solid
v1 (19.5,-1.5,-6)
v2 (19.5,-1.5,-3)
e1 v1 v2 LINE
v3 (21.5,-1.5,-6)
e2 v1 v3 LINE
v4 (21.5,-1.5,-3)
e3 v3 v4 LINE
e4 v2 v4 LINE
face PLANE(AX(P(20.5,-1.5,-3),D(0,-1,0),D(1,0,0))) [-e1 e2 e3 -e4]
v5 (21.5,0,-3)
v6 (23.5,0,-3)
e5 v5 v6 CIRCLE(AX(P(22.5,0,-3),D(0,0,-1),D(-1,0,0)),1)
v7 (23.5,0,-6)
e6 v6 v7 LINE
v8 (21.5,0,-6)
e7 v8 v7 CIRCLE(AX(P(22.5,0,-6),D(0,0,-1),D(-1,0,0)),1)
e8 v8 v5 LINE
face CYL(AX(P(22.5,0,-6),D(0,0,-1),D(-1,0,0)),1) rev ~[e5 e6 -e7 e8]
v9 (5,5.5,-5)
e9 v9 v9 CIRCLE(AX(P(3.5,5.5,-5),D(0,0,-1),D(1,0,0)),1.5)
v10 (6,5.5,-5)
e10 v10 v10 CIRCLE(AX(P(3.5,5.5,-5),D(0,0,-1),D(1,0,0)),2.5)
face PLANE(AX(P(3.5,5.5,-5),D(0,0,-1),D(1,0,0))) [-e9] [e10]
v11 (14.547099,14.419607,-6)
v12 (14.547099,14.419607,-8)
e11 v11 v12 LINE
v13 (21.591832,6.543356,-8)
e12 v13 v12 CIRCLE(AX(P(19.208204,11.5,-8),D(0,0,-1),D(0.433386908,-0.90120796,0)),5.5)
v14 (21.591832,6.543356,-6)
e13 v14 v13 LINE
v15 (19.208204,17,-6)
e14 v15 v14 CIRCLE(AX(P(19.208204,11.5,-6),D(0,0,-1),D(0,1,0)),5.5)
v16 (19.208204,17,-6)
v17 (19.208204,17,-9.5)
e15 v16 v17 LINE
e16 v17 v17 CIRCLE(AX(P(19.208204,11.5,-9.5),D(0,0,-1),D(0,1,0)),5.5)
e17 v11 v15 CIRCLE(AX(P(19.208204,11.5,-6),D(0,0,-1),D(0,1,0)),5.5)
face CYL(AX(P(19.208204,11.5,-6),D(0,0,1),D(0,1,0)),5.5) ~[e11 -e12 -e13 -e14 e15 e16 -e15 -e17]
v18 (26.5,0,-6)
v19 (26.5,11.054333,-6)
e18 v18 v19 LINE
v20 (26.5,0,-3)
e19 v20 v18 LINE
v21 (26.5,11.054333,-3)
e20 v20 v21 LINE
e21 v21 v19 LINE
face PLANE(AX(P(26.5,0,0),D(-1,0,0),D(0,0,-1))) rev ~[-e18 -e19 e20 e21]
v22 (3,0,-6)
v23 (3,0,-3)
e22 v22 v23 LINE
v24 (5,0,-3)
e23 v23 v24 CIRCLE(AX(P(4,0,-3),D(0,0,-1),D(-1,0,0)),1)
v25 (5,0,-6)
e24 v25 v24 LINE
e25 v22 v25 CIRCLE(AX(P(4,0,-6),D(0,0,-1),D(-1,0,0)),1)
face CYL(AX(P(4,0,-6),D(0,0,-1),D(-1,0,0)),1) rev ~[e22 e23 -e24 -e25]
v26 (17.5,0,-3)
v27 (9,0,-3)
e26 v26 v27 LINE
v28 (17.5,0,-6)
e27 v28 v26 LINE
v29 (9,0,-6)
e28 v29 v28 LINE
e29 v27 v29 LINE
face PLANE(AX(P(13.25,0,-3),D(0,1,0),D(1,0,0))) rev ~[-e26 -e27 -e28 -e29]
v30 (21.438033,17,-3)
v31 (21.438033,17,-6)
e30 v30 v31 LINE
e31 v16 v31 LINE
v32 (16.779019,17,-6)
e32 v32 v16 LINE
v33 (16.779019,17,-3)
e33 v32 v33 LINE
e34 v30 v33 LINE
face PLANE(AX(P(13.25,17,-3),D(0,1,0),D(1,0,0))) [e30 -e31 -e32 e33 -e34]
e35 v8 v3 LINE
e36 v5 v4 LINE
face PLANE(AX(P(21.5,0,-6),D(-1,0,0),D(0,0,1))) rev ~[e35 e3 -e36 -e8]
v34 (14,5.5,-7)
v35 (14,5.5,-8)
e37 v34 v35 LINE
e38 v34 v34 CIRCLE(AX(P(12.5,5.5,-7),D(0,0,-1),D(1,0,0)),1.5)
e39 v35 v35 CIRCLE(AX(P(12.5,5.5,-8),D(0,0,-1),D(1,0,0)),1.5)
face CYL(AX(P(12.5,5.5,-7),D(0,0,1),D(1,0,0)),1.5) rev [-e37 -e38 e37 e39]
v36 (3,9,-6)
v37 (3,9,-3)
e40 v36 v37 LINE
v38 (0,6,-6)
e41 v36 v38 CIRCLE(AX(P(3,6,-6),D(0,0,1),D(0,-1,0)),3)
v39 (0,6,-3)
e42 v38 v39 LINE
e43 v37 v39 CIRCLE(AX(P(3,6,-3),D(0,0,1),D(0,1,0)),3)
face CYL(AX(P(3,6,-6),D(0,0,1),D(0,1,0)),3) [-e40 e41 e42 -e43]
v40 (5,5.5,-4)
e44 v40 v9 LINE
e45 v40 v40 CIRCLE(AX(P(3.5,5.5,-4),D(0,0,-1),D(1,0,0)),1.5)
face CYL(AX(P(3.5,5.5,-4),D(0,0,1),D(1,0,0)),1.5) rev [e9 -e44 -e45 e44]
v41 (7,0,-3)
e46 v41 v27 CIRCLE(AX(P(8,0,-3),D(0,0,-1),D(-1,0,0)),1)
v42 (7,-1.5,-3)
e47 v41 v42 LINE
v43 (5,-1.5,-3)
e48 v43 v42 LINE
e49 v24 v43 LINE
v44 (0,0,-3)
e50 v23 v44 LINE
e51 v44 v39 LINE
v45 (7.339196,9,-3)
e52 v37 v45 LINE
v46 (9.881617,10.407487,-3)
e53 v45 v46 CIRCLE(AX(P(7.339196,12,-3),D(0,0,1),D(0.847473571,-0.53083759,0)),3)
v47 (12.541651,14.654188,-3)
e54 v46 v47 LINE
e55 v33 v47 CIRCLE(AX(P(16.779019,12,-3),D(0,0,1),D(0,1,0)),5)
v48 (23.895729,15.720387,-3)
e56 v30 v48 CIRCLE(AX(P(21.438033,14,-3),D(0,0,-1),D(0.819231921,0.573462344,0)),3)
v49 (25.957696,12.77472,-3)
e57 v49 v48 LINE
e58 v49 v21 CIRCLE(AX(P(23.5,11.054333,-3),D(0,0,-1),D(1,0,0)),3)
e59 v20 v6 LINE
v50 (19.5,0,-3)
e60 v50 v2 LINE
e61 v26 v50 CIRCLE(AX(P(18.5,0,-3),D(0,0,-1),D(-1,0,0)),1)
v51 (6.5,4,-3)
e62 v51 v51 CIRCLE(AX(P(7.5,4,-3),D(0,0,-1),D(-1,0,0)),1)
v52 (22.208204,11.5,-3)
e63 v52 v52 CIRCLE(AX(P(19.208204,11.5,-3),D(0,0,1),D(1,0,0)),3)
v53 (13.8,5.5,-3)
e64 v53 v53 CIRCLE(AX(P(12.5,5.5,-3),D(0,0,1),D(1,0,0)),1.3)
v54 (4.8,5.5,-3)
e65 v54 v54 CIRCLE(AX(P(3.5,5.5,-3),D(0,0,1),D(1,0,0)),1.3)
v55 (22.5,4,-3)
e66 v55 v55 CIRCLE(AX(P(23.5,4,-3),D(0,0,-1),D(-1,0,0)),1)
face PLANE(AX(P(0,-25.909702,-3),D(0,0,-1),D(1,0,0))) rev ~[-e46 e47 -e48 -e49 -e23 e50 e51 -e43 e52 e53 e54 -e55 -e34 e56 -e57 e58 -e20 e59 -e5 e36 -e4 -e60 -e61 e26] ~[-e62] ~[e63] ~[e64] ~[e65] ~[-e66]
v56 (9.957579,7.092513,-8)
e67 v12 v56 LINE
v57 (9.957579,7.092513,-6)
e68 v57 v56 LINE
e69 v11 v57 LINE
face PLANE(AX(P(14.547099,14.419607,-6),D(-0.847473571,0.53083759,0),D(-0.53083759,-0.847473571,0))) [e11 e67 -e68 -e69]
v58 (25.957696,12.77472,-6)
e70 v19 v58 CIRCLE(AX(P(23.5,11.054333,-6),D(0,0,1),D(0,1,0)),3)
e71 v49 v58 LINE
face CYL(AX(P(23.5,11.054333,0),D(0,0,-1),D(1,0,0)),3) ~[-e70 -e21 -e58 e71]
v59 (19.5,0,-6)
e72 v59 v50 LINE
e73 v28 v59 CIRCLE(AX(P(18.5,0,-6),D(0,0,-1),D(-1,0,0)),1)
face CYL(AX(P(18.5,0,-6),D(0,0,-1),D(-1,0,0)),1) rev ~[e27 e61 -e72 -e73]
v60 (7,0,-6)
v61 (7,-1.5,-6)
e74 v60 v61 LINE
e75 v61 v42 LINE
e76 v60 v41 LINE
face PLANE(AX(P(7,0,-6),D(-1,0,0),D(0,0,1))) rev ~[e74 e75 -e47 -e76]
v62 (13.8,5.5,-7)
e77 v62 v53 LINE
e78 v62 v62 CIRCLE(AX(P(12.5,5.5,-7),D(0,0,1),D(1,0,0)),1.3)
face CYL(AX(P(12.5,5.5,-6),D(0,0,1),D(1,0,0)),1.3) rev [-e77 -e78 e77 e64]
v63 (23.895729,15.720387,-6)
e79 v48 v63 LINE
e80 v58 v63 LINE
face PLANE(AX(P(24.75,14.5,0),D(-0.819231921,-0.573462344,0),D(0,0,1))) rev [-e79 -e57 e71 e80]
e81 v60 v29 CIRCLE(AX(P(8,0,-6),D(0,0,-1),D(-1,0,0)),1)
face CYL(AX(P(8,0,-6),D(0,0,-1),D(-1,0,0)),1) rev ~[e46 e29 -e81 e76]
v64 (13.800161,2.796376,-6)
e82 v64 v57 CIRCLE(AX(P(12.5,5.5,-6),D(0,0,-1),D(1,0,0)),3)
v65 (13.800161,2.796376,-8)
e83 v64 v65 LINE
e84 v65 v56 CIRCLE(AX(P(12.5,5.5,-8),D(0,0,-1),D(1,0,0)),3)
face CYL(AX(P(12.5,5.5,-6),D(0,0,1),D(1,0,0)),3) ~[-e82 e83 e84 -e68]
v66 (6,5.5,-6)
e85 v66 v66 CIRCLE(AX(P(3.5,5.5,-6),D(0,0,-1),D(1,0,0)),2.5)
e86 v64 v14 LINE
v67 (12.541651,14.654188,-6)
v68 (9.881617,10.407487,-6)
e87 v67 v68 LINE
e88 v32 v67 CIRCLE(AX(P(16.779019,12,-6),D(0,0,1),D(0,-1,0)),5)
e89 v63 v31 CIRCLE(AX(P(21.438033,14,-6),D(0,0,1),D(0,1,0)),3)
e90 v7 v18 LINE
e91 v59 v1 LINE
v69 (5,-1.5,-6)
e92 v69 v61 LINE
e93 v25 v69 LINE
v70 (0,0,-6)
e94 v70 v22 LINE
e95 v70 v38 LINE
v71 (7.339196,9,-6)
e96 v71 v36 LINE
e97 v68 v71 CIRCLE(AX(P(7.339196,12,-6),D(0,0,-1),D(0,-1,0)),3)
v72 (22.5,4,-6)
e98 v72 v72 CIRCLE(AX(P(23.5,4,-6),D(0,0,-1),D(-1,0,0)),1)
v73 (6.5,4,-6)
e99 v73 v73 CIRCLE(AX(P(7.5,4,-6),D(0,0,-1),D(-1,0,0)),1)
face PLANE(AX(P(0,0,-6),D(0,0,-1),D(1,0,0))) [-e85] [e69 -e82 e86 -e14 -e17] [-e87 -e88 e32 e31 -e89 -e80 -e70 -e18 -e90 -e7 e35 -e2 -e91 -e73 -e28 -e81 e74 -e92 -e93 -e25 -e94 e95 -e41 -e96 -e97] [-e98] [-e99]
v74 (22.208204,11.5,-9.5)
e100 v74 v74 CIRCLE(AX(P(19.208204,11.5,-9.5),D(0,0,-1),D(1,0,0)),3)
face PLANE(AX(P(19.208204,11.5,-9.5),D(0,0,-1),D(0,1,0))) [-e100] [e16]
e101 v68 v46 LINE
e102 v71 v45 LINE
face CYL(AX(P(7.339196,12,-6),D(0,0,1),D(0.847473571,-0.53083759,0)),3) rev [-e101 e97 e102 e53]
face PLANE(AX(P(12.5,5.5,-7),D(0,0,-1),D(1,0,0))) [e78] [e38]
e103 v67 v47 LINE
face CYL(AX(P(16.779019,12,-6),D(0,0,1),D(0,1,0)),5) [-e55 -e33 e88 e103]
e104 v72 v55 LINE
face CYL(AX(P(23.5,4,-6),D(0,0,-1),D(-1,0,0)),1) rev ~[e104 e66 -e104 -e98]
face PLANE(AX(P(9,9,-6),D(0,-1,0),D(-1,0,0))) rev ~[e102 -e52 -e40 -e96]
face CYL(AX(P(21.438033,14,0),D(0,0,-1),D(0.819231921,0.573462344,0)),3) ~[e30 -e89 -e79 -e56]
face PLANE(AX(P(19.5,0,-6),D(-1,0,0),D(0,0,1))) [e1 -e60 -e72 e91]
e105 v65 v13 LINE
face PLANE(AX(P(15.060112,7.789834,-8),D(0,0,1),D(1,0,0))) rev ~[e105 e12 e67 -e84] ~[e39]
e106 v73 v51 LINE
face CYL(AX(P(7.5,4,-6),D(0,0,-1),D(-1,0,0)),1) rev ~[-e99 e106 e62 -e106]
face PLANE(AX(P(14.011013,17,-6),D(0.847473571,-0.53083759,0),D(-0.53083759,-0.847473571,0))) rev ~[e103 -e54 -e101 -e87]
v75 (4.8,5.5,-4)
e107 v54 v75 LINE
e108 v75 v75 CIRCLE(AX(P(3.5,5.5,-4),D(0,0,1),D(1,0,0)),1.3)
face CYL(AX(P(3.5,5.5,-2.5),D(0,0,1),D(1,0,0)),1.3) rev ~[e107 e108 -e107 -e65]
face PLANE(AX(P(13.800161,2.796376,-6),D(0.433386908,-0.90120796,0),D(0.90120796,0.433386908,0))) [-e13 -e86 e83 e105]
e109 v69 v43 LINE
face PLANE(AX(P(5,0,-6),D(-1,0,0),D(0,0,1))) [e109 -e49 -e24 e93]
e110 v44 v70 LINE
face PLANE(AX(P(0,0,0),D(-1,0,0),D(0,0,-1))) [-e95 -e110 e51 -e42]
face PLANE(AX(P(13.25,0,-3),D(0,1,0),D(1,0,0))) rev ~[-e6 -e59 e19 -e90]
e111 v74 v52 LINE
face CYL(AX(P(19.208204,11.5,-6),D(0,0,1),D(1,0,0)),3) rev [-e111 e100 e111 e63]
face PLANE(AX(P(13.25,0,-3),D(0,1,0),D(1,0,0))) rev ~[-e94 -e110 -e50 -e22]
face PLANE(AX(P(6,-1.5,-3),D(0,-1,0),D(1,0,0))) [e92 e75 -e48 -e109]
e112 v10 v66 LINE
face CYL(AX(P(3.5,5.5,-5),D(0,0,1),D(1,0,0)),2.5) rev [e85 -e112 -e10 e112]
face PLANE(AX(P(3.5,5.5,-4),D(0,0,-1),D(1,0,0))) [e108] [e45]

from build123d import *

# Parameters (mm, degrees)
SKETCH1_W                            = 26.5
SKETCH1_H                            = 6
BOSS_EXTRUDE1_DEPTH                  = 17
SKETCH2_R                            = 1.5
CUT_EXTRUDE1_DEPTH                   = 1
SKETCH3_R                            = 1.3
CUT_EXTRUDE2_DEPTH                   = 32.878676259
SKETCH4_R                            = 3
CUT_EXTRUDE3_DEPTH                   = 33.050741021
SKETCH5_R                            = 2.5
CUT_EXTRUDE4_DEPTH                   = 1.5
SKETCH6_R                            = 1.5
CUT_EXTRUDE8_DEPTH                   = 1
SKETCH7_R                            = 1.3
CUT_EXTRUDE9_DEPTH                   = 32.678068123
CUT_EXTRUDE10_START                  = -1
SKETCH8_R                            = 2.5
CUT_EXTRUDE10_DEPTH                  = 1
CUT_EXTRUDE11_START                  = -1
SKETCH9_R                            = 1.5
CUT_EXTRUDE11_DEPTH                  = 1
SKETCH10_R                           = 5.5
SKETCH10_R_2                         = 3
BOSS_EXTRUDE2_DEPTH                  = 3.5
SKETCH11_R                           = 3
SKETCH11_R_2                         = 1.3
BOSS_EXTRUDE4_DEPTH                  = 2
CUT_EXTRUDE12_START                  = -1
SKETCH12_R                           = 1.5
CUT_EXTRUDE12_DEPTH                  = 1
SKETCH17_W                           = 2
SKETCH17_H                           = 6
BOSS_EXTRUDE6_DEPTH                  = 1.5
SKETCH18_R                           = 1
CUT_EXTRUDE17_DEPTH                  = 33.050741021
CHAMFER2_SIZE                        = 5
CHAMFER2_SIZE2                       = 3.5
FILLET11_R                           = 3
BOSS_EXTRUDE7_DEPTH                  = 2
CUT_EXTRUDE19_DEPTH                  = 33.050741021
FILLET13_R                           = 5
FILLET14_R                           = 3
FILLET15_R                           = 3
SKIZZE1_R                            = 1
SCHNITT_LINEAR_AUSTRAGEN1_DEPTH      = 33.050741021
SCHNITT_LINEAR_AUSTRAGEN2_DEPTH      = 31.409702399
SCHNITT_LINEAR_AUSTRAGEN2_DEPTH_BACK = 31.409702399
SKIZZE2_W                            = 26.5
SKIZZE2_H                            = 3


with BuildPart() as part:
    # Sketch1 → Boss-Extrude1 (new body)
    with BuildSketch(Plane(origin=(0, 0, 0), x_dir=(1, 0, 0), z_dir=(0, 1, 0))):
        with Locations((13.25, 3)):
            Rectangle(SKETCH1_W, SKETCH1_H)
    extrude(amount=BOSS_EXTRUDE1_DEPTH)

    # Sketch2 → Cut-Extrude1 (cut)
    with BuildSketch(Plane.XY):
        with Locations((12.5, 5.5)):
            Circle(SKETCH2_R)
    extrude(amount=-CUT_EXTRUDE1_DEPTH, mode=Mode.SUBTRACT)

    # Sketch3 → Cut-Extrude2 (cut, through all)
    with BuildSketch(Plane.XY.offset(-1)):
        with Locations((12.5, 5.5)):
            Circle(SKETCH3_R)
    extrude(amount=-CUT_EXTRUDE2_DEPTH, mode=Mode.SUBTRACT)

    # Sketch4 → Cut-Extrude3 (cut, through all)
    with BuildSketch(Plane.XY):
        with Locations((19.208203932, 11.5)):
            Circle(SKETCH4_R)
    extrude(amount=-CUT_EXTRUDE3_DEPTH, mode=Mode.SUBTRACT)

    # Sketch5 → Cut-Extrude4 (cut)
    with BuildSketch(Plane.XY):
        with Locations((3.5, 5.5)):
            Circle(SKETCH5_R)
    extrude(amount=-CUT_EXTRUDE4_DEPTH, mode=Mode.SUBTRACT)

    # Sketch6 → Cut-Extrude8 (cut)
    with BuildSketch(Plane.XY.offset(-1.5)):
        with Locations((3.5, 5.5)):
            Circle(SKETCH6_R)
    extrude(amount=-CUT_EXTRUDE8_DEPTH, mode=Mode.SUBTRACT)

    # Sketch7 → Cut-Extrude9 (cut, through all)
    with BuildSketch(Plane.XY.offset(-2.5)):
        with Locations((3.5, 5.5)):
            Circle(SKETCH7_R)
    extrude(amount=-CUT_EXTRUDE9_DEPTH, mode=Mode.SUBTRACT)

    # Sketch8 → Cut-Extrude10 (cut)
    with BuildSketch(Plane(origin=(0, 0, -6), x_dir=(-1, 0, 0), z_dir=(0, 0, -1)).offset(CUT_EXTRUDE10_START)):
        with Locations(Location((-3.5, 5.5, 0), (0, 0, 180))):
            Circle(SKETCH8_R)
    extrude(amount=CUT_EXTRUDE10_DEPTH, mode=Mode.SUBTRACT)

    # Sketch9 → Cut-Extrude11 (cut)
    with BuildSketch(Plane(origin=(0, 0, -5), x_dir=(-1, 0, 0), z_dir=(0, 0, -1)).offset(CUT_EXTRUDE11_START)):
        with Locations(Location((-3.5, 5.5, 0), (0, 0, 180))):
            Circle(SKETCH9_R)
    extrude(amount=CUT_EXTRUDE11_DEPTH, mode=Mode.SUBTRACT)

    # Sketch10 → Boss-Extrude2 (add)
    with BuildSketch(Plane(origin=(0, 0, -6), x_dir=(-1, 0, 0), z_dir=(0, 0, -1))):
        with Locations(Location((-19.208203932, 11.5, 0), (0, 0, 90))):
            Circle(SKETCH10_R)
        with Locations(Location((-19.208203932, 11.5, 0), (0, 0, 180))):
            Circle(SKETCH10_R_2, mode=Mode.SUBTRACT)
    extrude(amount=BOSS_EXTRUDE2_DEPTH)

    # Sketch11 → Boss-Extrude4 (add)
    with BuildSketch(Plane(origin=(0, 0, -6), x_dir=(-1, 0, 0), z_dir=(0, 0, -1))):
        with Locations(Location((-12.5, 5.5, 0), (0, 0, 180))):
            Circle(SKETCH11_R)
        with Locations(Location((-12.5, 5.5, 0), (0, 0, 180))):
            Circle(SKETCH11_R_2, mode=Mode.SUBTRACT)
    extrude(amount=BOSS_EXTRUDE4_DEPTH)

    # Sketch12 → Cut-Extrude12 (cut)
    with BuildSketch(Plane(origin=(0, 0, -8), x_dir=(-1, 0, 0), z_dir=(0, 0, -1)).offset(CUT_EXTRUDE12_START)):
        with Locations(Location((-12.5, 5.5, 0), (0, 0, 180))):
            Circle(SKETCH12_R)
    extrude(amount=CUT_EXTRUDE12_DEPTH, mode=Mode.SUBTRACT)

    # Sketch17 → Boss-Extrude6 (add)
    with BuildSketch(Plane.XZ):
        with Locations((6, -3)):
            Rectangle(SKETCH17_W, SKETCH17_H)
        with Locations((20.5, -3)):
            Rectangle(SKETCH17_W, SKETCH17_H)
    extrude(amount=BOSS_EXTRUDE6_DEPTH)

    # Sketch18 → Cut-Extrude17 (cut, through all)
    with BuildSketch(Plane(origin=(0, 0, -6), x_dir=(-1, 0, 0), z_dir=(0, 0, -1))):
        with Locations((-22.5, 0)):
            Circle(SKETCH18_R)
        with Locations((-18.5, 0)):
            Circle(SKETCH18_R)
        with Locations((-8, 0)):
            Circle(SKETCH18_R)
        with Locations((-4, 0)):
            Circle(SKETCH18_R)
    extrude(amount=-CUT_EXTRUDE17_DEPTH, mode=Mode.SUBTRACT)

    # Chamfer2
    chamfer2_edges = [part.edges().sort_by_distance(p)[0] for p in [
        (26.5, 17, -3),
    ]]
    chamfer2_side = [part.faces().sort_by_distance(p)[0] for p in [
        (26.5, 8.5, -3),
    ]]
    chamfer(chamfer2_edges, length=CHAMFER2_SIZE, length2=CHAMFER2_SIZE2, reference=chamfer2_side[0])

    # Fillet11
    fillet11_edges = [part.edges().sort_by_distance(p)[0] for p in [
        (23, 17, -3),
        (26.5, 12, -3),
    ]]
    fillet(fillet11_edges, radius=FILLET11_R)

    # Sketch19 → Boss-Extrude7 (add)
    with BuildSketch(Plane(origin=(0, 0, -6), x_dir=(-1, 0, 0), z_dir=(0, 0, -1))):
        with BuildLine():
            Line((-14.547099294, 14.419606745), (-9.957579288, 7.09251277))
            ThreePointArc((-9.957579288, 7.09251277), (-14.736067977, 7.5), (-13.800160725, 2.796376119))
            Line((-13.800160725, 2.796376119), (-21.591831928, 6.543356218))
            ThreePointArc((-21.591831928, 6.543356218), (-15.108745974, 7.833333333), (-14.547099294, 14.419606745))
        make_face()
    extrude(amount=BOSS_EXTRUDE7_DEPTH)

    # Sketch20 → Cut-Extrude19 (cut, through all)
    with BuildSketch(Plane(origin=(0, 0, -6), x_dir=(-1, 0, 0), z_dir=(0, 0, -1))):
        Polygon((0, 17), (-14.011012575, 17), (-9, 9), (0, 9), align=None)
    extrude(amount=-CUT_EXTRUDE19_DEPTH, mode=Mode.SUBTRACT)

    # Fillet13
    fillet13_edges = [part.edges().sort_by_distance(p)[0] for p in [
        (14.011012575, 17, -3),
    ]]
    fillet(fillet13_edges, radius=FILLET13_R)

    # Fillet14
    fillet14_edges = [part.edges().sort_by_distance(p)[0] for p in [
        (9, 9, -3),
    ]]
    fillet(fillet14_edges, radius=FILLET14_R)

    # Fillet15
    fillet15_edges = [part.edges().sort_by_distance(p)[0] for p in [
        (0, 9, -3),
    ]]
    fillet(fillet15_edges, radius=FILLET15_R)

    # Skizze1 → Schnitt-Linear austragen1 (cut, through all)
    with BuildSketch(Plane(origin=(0, 0, -6), x_dir=(-1, 0, 0), z_dir=(0, 0, -1))):
        with Locations((-23.5, 4)):
            Circle(SKIZZE1_R)
        with Locations((-7.5, 4)):
            Circle(SKIZZE1_R)
    extrude(amount=-SCHNITT_LINEAR_AUSTRAGEN1_DEPTH, mode=Mode.SUBTRACT)

    # Skizze2 → Schnitt-Linear austragen2 (cut, two sides: drawn at the far end of the back side and taken through both)
    with BuildSketch(Plane(origin=(0, 5.5, 0), x_dir=(1, 0, 0), z_dir=(0, 1, 0)).offset(-SCHNITT_LINEAR_AUSTRAGEN2_DEPTH_BACK)):
        with Locations((13.25, 1.5)):
            Rectangle(SKIZZE2_W, SKIZZE2_H)
    extrude(amount=SCHNITT_LINEAR_AUSTRAGEN2_DEPTH + SCHNITT_LINEAR_AUSTRAGEN2_DEPTH_BACK, mode=Mode.SUBTRACT)


solid = part.part
